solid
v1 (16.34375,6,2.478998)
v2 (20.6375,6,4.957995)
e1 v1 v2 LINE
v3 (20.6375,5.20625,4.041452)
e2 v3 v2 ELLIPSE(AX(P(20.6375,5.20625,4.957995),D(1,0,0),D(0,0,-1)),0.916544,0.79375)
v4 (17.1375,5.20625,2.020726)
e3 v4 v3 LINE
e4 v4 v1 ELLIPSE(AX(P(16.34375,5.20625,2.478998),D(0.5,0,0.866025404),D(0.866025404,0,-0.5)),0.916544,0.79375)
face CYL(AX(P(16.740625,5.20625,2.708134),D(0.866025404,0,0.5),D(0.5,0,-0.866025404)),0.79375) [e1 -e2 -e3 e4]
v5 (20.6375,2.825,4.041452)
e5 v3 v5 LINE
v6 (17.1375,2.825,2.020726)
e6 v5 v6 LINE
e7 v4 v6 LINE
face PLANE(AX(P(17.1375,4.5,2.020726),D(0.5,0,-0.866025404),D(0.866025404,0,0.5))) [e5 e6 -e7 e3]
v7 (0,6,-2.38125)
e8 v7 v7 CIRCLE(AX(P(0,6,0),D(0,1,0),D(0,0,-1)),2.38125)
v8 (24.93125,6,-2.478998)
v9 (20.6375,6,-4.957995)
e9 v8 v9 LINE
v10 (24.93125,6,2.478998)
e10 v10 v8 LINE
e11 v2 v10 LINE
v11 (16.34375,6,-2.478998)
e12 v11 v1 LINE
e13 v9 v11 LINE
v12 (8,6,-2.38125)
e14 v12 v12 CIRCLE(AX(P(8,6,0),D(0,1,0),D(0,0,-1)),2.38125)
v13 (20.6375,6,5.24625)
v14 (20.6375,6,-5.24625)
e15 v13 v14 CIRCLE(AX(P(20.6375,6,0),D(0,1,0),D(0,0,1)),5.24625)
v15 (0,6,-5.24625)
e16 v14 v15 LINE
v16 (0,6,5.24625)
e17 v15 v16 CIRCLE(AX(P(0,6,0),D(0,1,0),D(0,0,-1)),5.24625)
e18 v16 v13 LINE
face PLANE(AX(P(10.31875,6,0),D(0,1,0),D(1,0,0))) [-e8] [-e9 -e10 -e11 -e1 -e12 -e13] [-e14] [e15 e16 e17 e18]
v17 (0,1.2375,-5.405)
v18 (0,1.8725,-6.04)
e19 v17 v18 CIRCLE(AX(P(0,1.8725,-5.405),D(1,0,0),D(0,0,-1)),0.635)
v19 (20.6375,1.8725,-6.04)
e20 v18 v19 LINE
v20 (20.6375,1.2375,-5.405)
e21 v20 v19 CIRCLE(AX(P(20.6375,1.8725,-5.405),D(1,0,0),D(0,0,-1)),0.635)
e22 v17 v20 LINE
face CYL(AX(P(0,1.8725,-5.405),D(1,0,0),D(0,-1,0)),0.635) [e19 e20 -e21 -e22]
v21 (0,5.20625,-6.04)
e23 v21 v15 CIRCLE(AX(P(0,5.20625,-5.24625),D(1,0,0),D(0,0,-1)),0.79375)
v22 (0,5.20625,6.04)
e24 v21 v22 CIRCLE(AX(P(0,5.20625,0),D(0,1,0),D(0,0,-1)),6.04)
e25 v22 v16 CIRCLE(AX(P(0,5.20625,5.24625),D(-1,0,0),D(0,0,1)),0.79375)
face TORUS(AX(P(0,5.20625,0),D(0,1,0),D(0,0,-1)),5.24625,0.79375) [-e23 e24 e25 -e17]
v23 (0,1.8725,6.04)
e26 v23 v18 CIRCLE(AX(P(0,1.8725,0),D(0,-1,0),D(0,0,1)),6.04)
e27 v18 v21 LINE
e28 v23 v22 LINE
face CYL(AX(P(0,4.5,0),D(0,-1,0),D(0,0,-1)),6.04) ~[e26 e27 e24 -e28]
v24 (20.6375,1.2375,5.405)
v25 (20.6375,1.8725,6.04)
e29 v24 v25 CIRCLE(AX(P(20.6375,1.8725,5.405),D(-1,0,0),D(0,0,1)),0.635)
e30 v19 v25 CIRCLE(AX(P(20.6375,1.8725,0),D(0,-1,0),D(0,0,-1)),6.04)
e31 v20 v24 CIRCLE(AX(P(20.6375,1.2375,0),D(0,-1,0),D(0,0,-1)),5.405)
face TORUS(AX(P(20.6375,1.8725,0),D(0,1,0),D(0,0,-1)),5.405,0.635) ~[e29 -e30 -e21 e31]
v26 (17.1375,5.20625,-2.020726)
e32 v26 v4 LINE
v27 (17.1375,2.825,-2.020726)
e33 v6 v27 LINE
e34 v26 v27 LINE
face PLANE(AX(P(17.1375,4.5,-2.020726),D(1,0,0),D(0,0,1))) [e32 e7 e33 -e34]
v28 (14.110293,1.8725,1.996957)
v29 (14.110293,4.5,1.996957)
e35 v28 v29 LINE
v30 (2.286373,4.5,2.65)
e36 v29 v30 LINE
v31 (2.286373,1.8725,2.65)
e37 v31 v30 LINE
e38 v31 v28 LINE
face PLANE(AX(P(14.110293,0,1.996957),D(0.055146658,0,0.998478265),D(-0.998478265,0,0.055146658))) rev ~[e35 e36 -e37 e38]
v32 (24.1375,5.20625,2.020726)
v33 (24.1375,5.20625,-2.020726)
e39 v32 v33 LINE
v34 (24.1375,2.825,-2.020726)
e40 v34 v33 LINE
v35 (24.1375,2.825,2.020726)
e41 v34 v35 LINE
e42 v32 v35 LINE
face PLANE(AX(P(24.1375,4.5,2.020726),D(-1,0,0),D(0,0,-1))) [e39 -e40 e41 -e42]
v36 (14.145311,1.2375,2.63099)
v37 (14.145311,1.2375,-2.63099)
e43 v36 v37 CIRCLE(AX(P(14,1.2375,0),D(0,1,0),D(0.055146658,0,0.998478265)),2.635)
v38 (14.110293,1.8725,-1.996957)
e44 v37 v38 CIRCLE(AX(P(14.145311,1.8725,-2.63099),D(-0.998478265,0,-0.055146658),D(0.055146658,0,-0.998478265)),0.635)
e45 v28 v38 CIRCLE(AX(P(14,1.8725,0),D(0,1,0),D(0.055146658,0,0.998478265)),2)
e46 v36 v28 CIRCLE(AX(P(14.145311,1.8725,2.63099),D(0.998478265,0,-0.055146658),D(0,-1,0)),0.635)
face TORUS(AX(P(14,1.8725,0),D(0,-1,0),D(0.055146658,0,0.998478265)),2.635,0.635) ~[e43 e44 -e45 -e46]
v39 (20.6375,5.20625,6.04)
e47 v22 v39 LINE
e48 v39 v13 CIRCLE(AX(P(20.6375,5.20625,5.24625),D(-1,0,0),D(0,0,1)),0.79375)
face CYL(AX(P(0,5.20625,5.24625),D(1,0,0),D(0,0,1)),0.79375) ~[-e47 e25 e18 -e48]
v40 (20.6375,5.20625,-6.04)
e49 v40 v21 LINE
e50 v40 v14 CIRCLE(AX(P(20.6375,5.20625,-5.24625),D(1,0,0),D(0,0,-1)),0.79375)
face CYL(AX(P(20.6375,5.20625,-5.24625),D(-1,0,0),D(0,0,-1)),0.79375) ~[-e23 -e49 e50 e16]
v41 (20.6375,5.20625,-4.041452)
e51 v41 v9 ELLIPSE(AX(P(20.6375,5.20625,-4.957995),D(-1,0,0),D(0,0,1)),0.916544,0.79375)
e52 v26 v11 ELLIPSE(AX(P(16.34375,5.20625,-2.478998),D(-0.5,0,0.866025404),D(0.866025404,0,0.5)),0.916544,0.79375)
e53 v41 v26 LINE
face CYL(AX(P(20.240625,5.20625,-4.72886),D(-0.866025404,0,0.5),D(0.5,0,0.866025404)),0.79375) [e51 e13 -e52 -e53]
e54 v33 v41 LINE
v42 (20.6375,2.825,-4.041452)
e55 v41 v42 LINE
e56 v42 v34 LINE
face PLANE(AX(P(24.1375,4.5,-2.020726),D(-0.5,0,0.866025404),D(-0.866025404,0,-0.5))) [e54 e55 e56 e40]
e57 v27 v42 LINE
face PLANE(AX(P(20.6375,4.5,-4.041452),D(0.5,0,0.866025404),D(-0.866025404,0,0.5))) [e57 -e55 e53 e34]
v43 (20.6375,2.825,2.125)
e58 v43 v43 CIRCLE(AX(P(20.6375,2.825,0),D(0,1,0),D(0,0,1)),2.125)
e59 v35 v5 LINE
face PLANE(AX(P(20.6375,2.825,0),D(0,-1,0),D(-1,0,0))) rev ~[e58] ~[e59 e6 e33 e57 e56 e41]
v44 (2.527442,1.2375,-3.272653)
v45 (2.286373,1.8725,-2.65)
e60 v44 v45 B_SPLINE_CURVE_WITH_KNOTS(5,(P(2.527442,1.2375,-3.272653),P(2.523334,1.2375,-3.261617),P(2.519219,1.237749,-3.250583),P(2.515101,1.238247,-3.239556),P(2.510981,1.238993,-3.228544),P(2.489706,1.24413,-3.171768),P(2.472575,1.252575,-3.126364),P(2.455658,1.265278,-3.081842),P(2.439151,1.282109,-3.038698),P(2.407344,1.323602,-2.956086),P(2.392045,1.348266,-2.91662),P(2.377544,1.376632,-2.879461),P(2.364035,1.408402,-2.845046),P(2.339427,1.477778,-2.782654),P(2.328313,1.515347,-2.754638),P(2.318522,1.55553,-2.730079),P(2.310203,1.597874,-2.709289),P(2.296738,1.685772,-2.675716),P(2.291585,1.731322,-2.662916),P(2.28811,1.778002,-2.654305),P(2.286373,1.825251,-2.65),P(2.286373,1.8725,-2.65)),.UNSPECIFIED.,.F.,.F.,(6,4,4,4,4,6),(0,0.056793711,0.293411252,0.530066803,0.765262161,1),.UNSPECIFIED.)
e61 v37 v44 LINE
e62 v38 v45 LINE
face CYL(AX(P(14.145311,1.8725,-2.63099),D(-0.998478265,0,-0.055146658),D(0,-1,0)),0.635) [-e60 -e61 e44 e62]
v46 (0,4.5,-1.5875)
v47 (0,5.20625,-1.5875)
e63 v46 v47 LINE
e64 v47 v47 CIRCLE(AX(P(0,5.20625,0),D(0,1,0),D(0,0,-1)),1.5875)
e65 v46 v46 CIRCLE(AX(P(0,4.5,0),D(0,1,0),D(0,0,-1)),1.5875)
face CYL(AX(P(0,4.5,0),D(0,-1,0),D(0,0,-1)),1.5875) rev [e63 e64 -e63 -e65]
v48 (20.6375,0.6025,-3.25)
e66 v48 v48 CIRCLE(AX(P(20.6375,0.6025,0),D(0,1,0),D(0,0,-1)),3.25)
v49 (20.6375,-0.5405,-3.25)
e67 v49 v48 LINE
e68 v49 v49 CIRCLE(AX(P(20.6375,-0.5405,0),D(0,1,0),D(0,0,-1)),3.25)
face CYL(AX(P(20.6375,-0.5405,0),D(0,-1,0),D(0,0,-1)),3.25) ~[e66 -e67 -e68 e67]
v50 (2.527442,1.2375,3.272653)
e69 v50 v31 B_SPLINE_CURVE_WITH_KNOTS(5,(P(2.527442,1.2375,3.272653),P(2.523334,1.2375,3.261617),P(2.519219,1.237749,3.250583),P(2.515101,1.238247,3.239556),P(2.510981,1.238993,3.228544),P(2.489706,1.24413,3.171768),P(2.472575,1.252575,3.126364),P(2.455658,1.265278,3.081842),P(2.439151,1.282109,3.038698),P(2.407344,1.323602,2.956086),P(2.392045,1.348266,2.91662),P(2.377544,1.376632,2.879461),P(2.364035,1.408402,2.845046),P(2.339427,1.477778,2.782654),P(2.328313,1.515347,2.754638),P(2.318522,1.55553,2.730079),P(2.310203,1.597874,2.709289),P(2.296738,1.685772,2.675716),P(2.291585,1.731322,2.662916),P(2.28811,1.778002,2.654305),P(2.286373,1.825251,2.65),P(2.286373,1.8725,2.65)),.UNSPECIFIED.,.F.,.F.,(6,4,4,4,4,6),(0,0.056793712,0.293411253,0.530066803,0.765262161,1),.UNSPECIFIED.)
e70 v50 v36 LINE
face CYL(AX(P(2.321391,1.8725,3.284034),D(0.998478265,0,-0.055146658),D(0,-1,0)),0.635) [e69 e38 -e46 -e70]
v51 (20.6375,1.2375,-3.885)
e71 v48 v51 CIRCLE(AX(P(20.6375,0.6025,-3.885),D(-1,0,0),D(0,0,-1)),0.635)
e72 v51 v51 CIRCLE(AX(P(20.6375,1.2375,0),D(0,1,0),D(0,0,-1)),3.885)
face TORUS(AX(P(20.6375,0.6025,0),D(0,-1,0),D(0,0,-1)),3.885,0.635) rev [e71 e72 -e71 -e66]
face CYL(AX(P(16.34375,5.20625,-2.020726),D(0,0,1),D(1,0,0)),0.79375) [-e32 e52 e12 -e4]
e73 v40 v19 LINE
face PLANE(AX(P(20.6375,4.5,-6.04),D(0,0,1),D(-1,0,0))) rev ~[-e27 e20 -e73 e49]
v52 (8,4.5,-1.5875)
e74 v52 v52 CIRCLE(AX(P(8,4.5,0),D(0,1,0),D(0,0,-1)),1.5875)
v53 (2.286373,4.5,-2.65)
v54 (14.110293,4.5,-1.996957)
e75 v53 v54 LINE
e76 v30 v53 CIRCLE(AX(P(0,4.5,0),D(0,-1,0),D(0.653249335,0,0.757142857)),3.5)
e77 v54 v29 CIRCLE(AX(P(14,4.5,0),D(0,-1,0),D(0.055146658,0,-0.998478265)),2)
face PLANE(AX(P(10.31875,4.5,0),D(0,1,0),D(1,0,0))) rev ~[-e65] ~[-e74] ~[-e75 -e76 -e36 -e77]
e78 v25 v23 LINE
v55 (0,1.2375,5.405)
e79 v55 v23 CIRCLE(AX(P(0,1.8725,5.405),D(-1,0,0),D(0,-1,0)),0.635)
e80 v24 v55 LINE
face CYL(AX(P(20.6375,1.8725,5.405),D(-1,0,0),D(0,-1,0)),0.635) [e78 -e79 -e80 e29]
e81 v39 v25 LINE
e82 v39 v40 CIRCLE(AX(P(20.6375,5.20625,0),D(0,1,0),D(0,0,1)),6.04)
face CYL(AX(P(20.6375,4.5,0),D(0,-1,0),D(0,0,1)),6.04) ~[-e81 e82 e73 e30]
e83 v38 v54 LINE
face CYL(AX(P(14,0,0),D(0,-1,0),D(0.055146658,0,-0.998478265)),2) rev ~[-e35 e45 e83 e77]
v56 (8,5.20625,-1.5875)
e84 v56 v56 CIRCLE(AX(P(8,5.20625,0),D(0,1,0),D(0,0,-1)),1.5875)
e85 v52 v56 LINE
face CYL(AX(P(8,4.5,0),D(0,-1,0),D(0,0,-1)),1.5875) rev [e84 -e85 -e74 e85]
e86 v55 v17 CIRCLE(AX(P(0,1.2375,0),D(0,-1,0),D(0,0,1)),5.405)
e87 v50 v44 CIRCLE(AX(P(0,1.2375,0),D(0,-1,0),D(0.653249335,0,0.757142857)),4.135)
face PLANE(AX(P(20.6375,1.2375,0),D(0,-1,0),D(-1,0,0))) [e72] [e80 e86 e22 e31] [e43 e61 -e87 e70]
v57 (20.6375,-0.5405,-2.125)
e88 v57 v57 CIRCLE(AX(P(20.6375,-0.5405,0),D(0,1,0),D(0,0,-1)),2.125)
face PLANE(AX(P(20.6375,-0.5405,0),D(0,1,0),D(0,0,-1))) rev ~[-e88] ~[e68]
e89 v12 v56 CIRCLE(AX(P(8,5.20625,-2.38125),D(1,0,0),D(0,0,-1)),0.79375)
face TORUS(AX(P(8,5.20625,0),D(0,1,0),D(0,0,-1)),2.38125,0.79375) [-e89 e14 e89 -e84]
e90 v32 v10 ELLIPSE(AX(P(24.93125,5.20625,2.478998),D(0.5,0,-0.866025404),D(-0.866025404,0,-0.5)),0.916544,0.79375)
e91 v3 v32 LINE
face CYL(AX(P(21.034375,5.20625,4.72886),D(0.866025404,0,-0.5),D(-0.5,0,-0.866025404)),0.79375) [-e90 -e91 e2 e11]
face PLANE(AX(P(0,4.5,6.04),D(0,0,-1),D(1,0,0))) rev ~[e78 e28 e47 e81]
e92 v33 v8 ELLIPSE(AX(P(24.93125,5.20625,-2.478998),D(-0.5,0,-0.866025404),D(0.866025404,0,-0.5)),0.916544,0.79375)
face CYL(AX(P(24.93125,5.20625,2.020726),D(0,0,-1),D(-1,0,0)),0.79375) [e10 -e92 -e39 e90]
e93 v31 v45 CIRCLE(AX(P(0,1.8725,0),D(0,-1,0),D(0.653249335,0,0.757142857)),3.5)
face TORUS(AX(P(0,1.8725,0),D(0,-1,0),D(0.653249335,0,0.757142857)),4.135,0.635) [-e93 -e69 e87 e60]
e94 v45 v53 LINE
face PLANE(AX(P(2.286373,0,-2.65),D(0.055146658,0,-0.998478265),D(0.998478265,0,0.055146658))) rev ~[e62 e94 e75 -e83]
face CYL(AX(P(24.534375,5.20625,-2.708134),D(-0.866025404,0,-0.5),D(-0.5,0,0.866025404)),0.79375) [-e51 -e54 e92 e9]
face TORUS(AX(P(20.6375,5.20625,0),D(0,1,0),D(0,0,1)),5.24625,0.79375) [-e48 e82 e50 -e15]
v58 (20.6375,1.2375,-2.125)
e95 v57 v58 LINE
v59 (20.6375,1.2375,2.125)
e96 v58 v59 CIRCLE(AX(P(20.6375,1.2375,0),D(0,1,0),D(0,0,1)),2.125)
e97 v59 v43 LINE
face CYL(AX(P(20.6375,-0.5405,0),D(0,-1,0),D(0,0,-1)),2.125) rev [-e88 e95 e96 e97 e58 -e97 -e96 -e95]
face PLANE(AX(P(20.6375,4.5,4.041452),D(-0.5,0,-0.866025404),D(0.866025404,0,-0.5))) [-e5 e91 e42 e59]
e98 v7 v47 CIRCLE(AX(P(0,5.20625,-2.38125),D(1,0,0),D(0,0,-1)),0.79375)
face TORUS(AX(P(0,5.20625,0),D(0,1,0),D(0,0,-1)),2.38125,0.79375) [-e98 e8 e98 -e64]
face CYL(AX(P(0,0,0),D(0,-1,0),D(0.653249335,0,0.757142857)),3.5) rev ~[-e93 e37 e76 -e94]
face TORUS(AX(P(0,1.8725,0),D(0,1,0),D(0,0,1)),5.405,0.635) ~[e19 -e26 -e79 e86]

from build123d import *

# Parameters (mm, degrees)
BOSS_EXTRUDE1_DEPTH = 4.5
SKETCH2_R           = 1.5875
BOSS_EXTRUDE2_DEPTH = 1.5
CUT_EXTRUDE1_DEPTH  = 1.2375
SKETCH5_R           = 2.125
BOSS_EXTRUDE4_DEPTH = 1.5875
BOSS_EXTRUDE3_START = -6.5405
SKETCH4_R           = 3.25
SKETCH4_R_2         = 2.125
BOSS_EXTRUDE3_DEPTH = 1.778
FILLET2_R           = 0.635
FILLET3_R           = 0.79375


with BuildPart() as part:
    # Sketch1 → Boss-Extrude1 (new body)
    with BuildSketch(Plane(origin=(0, 0, 0), x_dir=(1, 0, 0), z_dir=(0, 1, 0))):
        with BuildLine():
            Line((0, 6.04), (20.6375, 6.04))
            ThreePointArc((20.6375, 6.04), (26.6775, 0), (20.6375, -6.04))
            Line((20.6375, -6.04), (0, -6.04))
            ThreePointArc((0, -6.04), (-6.04, 0), (0, 6.04))
        make_face()
        with BuildLine():
            Line((2.286372673, 2.65), (14.110293316, 1.99695653))
            ThreePointArc((14.110293316, 1.99695653), (16, 0), (14.110293316, -1.99695653))
            Line((14.110293316, -1.99695653), (2.286372673, -2.65))
            ThreePointArc((2.286372673, -2.65), (-3.5, 0), (2.286372673, 2.65))
        make_face(mode=Mode.SUBTRACT)
        Polygon((24.1375, -2.020725942), (24.1375, 2.020725942), (20.6375, 4.041451884), (17.1375, 2.020725942), (17.1375, -2.020725942), (20.6375, -4.041451884), align=None, mode=Mode.SUBTRACT)
    extrude(amount=BOSS_EXTRUDE1_DEPTH)

    # Sketch2 → Boss-Extrude2 (add)
    with BuildSketch(Plane(origin=(0, 4.5, 0), x_dir=(1, 0, 0), z_dir=(0, 1, 0))):
        with BuildLine():
            Line((20.6375, 6.04), (0, 6.04))
            ThreePointArc((0, 6.04), (-6.04, 0), (0, -6.04))
            Line((0, -6.04), (20.6375, -6.04))
            ThreePointArc((20.6375, -6.04), (26.6775, 0), (20.6375, 6.04))
        make_face()
        with Locations(Location((0, 0, 0), (0, 0, 90))):
            Circle(SKETCH2_R, mode=Mode.SUBTRACT)
        with Locations(Location((8, 0, 0), (0, 0, 90))):
            Circle(SKETCH2_R, mode=Mode.SUBTRACT)
        Polygon((24.1375, 2.020725942), (20.6375, 4.041451884), (17.1375, 2.020725942), (17.1375, -2.020725942), (20.6375, -4.041451884), (24.1375, -2.020725942), align=None, mode=Mode.SUBTRACT)
    extrude(amount=BOSS_EXTRUDE2_DEPTH)

    # Sketch3 → Cut-Extrude1 (cut)
    with BuildSketch(Plane.XZ):
        with BuildLine():
            Line((20.6375, 6.04), (0, 6.04))
            ThreePointArc((0, 6.04), (-6.04, 0), (0, -6.04))
            Line((0, -6.04), (20.6375, -6.04))
            ThreePointArc((20.6375, -6.04), (26.6775, 0), (20.6375, 6.04))
        make_face()
    extrude(amount=-CUT_EXTRUDE1_DEPTH, mode=Mode.SUBTRACT)

    # Sketch5 → Boss-Extrude4 (add)
    with BuildSketch(Plane(origin=(0, 1.2375, 0), x_dir=(1, 0, 0), z_dir=(0, 1, 0))):
        Polygon((20.6375, 4.041451884), (24.1375, 2.020725942), (24.1375, -2.020725942), (20.6375, -4.041451884), (17.1375, -2.020725942), (17.1375, 2.020725942), align=None)
        with Locations(Location((20.6375, 0, 0), (0, 0, 270))):
            Circle(SKETCH5_R, mode=Mode.SUBTRACT)
    extrude(amount=BOSS_EXTRUDE4_DEPTH)

    # Sketch4 → Boss-Extrude3 (add)
    with BuildSketch(Plane(origin=(0, 6, 0), x_dir=(1, 0, 0), z_dir=(0, 1, 0)).offset(BOSS_EXTRUDE3_START)):
        with Locations(Location((20.6375, 0, 0), (0, 0, 90))):
            Circle(SKETCH4_R)
        with Locations(Location((20.6375, 0, 0), (0, 0, 90))):
            Circle(SKETCH4_R_2, mode=Mode.SUBTRACT)
    extrude(amount=BOSS_EXTRUDE3_DEPTH)

    # Fillet2
    fillet2_edges = [part.edges().sort_by_distance(p)[0] for p in [
        (20.6375, 1.2375, 3.25),
        (8.198332995, 1.2375, 2.323478265),
        (-3.5, 1.2375, 0),
        (8.198332995, 1.2375, -2.323478265),
        (16, 1.2375, 0),
        (26.6775, 1.2375, 0),
        (10.31875, 1.2375, -6.04),
        (-6.04, 1.2375, 0),
        (10.31875, 1.2375, 6.04),
    ]]
    fillet(fillet2_edges, radius=FILLET2_R)

    # Fillet3
    fillet3_edges = [part.edges().sort_by_distance(p)[0] for p in [
        (26.6775, 6, 0),
        (10.31875, 6, -6.04),
        (-6.04, 6, 0),
        (10.31875, 6, 6.04),
        (8, 6, 1.5875),
        (24.1375, 6, 0),
        (22.3875, 6, 3.031088913),
        (18.8875, 6, 3.031088913),
        (17.1375, 6, 0),
        (18.8875, 6, -3.031088913),
        (22.3875, 6, -3.031088913),
        (0, 6, 1.5875),
    ]]
    fillet(fillet3_edges, radius=FILLET3_R)


solid = part.part
